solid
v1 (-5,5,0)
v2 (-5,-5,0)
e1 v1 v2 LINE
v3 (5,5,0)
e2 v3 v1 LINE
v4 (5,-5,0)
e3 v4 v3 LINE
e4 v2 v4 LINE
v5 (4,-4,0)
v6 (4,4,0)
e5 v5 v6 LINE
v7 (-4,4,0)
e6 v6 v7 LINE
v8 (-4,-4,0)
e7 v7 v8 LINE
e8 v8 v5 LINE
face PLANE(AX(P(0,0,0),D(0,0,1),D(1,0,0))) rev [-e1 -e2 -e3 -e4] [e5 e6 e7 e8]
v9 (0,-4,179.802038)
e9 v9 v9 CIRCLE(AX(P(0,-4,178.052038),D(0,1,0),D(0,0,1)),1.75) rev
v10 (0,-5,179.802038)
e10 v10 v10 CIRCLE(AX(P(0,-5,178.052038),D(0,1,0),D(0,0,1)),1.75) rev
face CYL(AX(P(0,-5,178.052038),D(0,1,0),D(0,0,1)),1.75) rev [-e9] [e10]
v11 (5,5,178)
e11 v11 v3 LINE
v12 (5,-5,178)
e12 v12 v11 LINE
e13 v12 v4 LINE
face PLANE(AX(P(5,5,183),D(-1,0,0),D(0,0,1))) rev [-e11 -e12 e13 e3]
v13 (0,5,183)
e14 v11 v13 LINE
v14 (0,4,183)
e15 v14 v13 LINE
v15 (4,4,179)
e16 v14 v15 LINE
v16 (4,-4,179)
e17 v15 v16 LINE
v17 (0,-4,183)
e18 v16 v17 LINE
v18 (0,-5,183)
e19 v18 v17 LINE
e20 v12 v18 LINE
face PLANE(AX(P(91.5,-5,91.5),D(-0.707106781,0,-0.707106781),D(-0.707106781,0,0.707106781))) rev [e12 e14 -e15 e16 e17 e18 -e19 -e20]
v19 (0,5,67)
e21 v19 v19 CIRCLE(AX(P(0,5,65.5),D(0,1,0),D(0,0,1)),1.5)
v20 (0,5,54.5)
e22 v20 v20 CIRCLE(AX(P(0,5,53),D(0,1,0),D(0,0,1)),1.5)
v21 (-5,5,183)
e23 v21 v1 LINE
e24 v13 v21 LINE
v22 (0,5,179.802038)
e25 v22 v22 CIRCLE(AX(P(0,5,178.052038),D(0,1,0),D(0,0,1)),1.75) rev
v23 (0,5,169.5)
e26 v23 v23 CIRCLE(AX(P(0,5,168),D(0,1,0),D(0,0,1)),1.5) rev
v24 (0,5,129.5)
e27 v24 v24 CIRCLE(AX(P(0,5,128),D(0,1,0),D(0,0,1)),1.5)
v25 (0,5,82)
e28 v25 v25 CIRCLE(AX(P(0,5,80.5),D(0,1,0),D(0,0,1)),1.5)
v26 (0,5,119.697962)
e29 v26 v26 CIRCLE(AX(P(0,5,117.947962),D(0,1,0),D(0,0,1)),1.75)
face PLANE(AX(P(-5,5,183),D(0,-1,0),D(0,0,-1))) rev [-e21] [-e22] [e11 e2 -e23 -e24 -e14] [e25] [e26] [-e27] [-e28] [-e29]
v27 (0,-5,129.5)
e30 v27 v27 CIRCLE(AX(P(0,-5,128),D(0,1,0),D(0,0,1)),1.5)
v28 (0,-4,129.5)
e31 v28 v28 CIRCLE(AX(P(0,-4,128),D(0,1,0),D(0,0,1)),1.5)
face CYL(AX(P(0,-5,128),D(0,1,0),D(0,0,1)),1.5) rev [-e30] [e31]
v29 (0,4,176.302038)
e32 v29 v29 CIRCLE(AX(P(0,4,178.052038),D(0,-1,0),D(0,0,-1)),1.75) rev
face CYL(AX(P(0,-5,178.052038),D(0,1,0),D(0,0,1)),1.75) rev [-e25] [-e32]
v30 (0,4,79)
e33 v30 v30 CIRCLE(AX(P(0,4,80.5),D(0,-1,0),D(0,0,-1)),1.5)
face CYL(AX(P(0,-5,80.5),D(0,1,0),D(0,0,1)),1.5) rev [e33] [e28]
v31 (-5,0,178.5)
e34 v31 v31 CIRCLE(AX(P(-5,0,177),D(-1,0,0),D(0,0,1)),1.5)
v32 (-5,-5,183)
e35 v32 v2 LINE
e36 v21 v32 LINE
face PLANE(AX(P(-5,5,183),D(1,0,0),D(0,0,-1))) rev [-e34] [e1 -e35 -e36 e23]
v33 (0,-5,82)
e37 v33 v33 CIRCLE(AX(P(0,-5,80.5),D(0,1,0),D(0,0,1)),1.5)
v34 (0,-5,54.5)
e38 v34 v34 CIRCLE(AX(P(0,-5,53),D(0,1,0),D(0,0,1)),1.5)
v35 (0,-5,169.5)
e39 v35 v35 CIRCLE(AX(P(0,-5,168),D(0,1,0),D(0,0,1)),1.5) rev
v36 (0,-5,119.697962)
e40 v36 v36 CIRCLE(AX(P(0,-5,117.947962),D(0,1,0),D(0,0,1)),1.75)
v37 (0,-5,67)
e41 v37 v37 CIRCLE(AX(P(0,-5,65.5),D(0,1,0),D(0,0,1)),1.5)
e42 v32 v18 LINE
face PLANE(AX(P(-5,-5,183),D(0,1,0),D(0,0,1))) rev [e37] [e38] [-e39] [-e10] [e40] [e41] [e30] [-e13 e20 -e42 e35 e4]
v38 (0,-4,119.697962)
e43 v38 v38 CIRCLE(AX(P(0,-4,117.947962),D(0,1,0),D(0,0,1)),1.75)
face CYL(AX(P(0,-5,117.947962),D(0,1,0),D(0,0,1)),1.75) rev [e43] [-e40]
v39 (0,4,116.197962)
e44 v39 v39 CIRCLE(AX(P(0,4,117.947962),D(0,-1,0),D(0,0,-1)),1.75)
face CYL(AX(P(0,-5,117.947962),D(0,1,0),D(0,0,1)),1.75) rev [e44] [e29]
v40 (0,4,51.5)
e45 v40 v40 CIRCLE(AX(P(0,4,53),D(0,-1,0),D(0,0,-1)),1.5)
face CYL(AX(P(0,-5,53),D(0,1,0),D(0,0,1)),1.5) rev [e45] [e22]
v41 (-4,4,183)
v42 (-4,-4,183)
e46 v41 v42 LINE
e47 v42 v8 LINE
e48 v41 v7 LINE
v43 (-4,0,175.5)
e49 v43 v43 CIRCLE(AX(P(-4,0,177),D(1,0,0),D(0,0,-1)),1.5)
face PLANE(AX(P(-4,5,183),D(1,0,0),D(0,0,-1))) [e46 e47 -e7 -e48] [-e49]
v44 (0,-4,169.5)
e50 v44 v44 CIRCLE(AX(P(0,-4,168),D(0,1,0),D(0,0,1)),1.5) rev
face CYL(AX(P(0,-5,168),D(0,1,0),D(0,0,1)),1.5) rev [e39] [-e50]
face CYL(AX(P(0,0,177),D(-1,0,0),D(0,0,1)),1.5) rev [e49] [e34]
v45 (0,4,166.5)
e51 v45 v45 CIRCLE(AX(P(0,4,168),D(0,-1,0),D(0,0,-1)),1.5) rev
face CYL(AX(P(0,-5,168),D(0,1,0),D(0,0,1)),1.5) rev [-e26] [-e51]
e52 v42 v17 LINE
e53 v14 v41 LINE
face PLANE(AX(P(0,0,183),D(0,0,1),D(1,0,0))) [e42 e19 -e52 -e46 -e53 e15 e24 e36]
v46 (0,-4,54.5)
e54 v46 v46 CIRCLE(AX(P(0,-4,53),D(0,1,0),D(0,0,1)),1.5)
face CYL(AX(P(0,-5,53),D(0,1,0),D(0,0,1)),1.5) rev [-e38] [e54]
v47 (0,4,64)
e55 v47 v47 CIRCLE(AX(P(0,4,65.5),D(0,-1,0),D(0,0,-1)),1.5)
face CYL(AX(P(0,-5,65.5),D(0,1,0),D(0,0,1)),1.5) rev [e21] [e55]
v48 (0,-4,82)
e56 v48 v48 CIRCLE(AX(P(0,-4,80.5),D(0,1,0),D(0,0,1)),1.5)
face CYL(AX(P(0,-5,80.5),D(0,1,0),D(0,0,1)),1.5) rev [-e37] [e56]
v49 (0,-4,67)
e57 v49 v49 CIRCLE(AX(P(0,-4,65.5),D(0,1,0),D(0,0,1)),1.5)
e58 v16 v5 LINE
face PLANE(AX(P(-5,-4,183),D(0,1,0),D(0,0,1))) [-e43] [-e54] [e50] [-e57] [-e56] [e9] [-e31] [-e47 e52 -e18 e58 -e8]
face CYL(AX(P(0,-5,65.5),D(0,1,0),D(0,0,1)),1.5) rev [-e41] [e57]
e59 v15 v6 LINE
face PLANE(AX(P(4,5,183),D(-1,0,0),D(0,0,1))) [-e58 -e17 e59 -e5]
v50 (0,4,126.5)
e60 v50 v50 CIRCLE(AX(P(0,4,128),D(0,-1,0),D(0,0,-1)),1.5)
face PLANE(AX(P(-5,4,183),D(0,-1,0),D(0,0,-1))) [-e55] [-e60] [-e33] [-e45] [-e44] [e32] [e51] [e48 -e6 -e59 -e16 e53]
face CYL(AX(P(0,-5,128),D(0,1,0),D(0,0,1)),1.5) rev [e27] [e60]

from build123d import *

# Parameters (mm, degrees)
SKETCH_1_W          = 10
SKETCH_1_H          = 10
SKETCH_1_W_2        = 8
SKETCH_1_H_2        = 8
EXTRUDE_1_DEPTH     = 183
SKETCH_2_R          = 1.75
SKETCH_2_R_2        = 1.5
CUT_EXTRUDE_1_DEPTH = 11
SKETCH_4_R          = 1.5
CUT_EXTRUDE_2_DEPTH = 5


with BuildPart() as part:
    # 草图1 → 拉伸-薄壁1 (new body)
    with BuildSketch(Plane.XY):
        Rectangle(SKETCH_1_W, SKETCH_1_H)
        Rectangle(SKETCH_1_W_2, SKETCH_1_H_2, mode=Mode.SUBTRACT)
    extrude(amount=EXTRUDE_1_DEPTH)

    # 草图2 → 切除-拉伸1 (cut, through all)
    with BuildSketch(Plane(origin=(0, 5, 0), x_dir=(1, 0, 0), z_dir=(0, 1, 0))):
        Polygon((5, -183), (5, -178), (0, -183), align=None)
        with Locations((0, -178.0520382)):
            Circle(SKETCH_2_R)
        with Locations((0, -168)):
            Circle(SKETCH_2_R_2)
        with Locations((0, -128)):
            Circle(SKETCH_2_R_2)
        with Locations((0, -117.9479618)):
            Circle(SKETCH_2_R)
        with Locations((0, -80.5)):
            Circle(SKETCH_2_R_2)
        with Locations((0, -65.5)):
            Circle(SKETCH_2_R_2)
        with Locations((0, -53)):
            Circle(SKETCH_2_R_2)
    extrude(amount=-CUT_EXTRUDE_1_DEPTH, mode=Mode.SUBTRACT)

    # 草图4 → 切除-拉伸2 (cut)
    with BuildSketch(Plane.ZY.offset(5)):
        with Locations((177, 0)):
            Circle(SKETCH_4_R)
    extrude(amount=-CUT_EXTRUDE_2_DEPTH, mode=Mode.SUBTRACT)


solid = part.part
